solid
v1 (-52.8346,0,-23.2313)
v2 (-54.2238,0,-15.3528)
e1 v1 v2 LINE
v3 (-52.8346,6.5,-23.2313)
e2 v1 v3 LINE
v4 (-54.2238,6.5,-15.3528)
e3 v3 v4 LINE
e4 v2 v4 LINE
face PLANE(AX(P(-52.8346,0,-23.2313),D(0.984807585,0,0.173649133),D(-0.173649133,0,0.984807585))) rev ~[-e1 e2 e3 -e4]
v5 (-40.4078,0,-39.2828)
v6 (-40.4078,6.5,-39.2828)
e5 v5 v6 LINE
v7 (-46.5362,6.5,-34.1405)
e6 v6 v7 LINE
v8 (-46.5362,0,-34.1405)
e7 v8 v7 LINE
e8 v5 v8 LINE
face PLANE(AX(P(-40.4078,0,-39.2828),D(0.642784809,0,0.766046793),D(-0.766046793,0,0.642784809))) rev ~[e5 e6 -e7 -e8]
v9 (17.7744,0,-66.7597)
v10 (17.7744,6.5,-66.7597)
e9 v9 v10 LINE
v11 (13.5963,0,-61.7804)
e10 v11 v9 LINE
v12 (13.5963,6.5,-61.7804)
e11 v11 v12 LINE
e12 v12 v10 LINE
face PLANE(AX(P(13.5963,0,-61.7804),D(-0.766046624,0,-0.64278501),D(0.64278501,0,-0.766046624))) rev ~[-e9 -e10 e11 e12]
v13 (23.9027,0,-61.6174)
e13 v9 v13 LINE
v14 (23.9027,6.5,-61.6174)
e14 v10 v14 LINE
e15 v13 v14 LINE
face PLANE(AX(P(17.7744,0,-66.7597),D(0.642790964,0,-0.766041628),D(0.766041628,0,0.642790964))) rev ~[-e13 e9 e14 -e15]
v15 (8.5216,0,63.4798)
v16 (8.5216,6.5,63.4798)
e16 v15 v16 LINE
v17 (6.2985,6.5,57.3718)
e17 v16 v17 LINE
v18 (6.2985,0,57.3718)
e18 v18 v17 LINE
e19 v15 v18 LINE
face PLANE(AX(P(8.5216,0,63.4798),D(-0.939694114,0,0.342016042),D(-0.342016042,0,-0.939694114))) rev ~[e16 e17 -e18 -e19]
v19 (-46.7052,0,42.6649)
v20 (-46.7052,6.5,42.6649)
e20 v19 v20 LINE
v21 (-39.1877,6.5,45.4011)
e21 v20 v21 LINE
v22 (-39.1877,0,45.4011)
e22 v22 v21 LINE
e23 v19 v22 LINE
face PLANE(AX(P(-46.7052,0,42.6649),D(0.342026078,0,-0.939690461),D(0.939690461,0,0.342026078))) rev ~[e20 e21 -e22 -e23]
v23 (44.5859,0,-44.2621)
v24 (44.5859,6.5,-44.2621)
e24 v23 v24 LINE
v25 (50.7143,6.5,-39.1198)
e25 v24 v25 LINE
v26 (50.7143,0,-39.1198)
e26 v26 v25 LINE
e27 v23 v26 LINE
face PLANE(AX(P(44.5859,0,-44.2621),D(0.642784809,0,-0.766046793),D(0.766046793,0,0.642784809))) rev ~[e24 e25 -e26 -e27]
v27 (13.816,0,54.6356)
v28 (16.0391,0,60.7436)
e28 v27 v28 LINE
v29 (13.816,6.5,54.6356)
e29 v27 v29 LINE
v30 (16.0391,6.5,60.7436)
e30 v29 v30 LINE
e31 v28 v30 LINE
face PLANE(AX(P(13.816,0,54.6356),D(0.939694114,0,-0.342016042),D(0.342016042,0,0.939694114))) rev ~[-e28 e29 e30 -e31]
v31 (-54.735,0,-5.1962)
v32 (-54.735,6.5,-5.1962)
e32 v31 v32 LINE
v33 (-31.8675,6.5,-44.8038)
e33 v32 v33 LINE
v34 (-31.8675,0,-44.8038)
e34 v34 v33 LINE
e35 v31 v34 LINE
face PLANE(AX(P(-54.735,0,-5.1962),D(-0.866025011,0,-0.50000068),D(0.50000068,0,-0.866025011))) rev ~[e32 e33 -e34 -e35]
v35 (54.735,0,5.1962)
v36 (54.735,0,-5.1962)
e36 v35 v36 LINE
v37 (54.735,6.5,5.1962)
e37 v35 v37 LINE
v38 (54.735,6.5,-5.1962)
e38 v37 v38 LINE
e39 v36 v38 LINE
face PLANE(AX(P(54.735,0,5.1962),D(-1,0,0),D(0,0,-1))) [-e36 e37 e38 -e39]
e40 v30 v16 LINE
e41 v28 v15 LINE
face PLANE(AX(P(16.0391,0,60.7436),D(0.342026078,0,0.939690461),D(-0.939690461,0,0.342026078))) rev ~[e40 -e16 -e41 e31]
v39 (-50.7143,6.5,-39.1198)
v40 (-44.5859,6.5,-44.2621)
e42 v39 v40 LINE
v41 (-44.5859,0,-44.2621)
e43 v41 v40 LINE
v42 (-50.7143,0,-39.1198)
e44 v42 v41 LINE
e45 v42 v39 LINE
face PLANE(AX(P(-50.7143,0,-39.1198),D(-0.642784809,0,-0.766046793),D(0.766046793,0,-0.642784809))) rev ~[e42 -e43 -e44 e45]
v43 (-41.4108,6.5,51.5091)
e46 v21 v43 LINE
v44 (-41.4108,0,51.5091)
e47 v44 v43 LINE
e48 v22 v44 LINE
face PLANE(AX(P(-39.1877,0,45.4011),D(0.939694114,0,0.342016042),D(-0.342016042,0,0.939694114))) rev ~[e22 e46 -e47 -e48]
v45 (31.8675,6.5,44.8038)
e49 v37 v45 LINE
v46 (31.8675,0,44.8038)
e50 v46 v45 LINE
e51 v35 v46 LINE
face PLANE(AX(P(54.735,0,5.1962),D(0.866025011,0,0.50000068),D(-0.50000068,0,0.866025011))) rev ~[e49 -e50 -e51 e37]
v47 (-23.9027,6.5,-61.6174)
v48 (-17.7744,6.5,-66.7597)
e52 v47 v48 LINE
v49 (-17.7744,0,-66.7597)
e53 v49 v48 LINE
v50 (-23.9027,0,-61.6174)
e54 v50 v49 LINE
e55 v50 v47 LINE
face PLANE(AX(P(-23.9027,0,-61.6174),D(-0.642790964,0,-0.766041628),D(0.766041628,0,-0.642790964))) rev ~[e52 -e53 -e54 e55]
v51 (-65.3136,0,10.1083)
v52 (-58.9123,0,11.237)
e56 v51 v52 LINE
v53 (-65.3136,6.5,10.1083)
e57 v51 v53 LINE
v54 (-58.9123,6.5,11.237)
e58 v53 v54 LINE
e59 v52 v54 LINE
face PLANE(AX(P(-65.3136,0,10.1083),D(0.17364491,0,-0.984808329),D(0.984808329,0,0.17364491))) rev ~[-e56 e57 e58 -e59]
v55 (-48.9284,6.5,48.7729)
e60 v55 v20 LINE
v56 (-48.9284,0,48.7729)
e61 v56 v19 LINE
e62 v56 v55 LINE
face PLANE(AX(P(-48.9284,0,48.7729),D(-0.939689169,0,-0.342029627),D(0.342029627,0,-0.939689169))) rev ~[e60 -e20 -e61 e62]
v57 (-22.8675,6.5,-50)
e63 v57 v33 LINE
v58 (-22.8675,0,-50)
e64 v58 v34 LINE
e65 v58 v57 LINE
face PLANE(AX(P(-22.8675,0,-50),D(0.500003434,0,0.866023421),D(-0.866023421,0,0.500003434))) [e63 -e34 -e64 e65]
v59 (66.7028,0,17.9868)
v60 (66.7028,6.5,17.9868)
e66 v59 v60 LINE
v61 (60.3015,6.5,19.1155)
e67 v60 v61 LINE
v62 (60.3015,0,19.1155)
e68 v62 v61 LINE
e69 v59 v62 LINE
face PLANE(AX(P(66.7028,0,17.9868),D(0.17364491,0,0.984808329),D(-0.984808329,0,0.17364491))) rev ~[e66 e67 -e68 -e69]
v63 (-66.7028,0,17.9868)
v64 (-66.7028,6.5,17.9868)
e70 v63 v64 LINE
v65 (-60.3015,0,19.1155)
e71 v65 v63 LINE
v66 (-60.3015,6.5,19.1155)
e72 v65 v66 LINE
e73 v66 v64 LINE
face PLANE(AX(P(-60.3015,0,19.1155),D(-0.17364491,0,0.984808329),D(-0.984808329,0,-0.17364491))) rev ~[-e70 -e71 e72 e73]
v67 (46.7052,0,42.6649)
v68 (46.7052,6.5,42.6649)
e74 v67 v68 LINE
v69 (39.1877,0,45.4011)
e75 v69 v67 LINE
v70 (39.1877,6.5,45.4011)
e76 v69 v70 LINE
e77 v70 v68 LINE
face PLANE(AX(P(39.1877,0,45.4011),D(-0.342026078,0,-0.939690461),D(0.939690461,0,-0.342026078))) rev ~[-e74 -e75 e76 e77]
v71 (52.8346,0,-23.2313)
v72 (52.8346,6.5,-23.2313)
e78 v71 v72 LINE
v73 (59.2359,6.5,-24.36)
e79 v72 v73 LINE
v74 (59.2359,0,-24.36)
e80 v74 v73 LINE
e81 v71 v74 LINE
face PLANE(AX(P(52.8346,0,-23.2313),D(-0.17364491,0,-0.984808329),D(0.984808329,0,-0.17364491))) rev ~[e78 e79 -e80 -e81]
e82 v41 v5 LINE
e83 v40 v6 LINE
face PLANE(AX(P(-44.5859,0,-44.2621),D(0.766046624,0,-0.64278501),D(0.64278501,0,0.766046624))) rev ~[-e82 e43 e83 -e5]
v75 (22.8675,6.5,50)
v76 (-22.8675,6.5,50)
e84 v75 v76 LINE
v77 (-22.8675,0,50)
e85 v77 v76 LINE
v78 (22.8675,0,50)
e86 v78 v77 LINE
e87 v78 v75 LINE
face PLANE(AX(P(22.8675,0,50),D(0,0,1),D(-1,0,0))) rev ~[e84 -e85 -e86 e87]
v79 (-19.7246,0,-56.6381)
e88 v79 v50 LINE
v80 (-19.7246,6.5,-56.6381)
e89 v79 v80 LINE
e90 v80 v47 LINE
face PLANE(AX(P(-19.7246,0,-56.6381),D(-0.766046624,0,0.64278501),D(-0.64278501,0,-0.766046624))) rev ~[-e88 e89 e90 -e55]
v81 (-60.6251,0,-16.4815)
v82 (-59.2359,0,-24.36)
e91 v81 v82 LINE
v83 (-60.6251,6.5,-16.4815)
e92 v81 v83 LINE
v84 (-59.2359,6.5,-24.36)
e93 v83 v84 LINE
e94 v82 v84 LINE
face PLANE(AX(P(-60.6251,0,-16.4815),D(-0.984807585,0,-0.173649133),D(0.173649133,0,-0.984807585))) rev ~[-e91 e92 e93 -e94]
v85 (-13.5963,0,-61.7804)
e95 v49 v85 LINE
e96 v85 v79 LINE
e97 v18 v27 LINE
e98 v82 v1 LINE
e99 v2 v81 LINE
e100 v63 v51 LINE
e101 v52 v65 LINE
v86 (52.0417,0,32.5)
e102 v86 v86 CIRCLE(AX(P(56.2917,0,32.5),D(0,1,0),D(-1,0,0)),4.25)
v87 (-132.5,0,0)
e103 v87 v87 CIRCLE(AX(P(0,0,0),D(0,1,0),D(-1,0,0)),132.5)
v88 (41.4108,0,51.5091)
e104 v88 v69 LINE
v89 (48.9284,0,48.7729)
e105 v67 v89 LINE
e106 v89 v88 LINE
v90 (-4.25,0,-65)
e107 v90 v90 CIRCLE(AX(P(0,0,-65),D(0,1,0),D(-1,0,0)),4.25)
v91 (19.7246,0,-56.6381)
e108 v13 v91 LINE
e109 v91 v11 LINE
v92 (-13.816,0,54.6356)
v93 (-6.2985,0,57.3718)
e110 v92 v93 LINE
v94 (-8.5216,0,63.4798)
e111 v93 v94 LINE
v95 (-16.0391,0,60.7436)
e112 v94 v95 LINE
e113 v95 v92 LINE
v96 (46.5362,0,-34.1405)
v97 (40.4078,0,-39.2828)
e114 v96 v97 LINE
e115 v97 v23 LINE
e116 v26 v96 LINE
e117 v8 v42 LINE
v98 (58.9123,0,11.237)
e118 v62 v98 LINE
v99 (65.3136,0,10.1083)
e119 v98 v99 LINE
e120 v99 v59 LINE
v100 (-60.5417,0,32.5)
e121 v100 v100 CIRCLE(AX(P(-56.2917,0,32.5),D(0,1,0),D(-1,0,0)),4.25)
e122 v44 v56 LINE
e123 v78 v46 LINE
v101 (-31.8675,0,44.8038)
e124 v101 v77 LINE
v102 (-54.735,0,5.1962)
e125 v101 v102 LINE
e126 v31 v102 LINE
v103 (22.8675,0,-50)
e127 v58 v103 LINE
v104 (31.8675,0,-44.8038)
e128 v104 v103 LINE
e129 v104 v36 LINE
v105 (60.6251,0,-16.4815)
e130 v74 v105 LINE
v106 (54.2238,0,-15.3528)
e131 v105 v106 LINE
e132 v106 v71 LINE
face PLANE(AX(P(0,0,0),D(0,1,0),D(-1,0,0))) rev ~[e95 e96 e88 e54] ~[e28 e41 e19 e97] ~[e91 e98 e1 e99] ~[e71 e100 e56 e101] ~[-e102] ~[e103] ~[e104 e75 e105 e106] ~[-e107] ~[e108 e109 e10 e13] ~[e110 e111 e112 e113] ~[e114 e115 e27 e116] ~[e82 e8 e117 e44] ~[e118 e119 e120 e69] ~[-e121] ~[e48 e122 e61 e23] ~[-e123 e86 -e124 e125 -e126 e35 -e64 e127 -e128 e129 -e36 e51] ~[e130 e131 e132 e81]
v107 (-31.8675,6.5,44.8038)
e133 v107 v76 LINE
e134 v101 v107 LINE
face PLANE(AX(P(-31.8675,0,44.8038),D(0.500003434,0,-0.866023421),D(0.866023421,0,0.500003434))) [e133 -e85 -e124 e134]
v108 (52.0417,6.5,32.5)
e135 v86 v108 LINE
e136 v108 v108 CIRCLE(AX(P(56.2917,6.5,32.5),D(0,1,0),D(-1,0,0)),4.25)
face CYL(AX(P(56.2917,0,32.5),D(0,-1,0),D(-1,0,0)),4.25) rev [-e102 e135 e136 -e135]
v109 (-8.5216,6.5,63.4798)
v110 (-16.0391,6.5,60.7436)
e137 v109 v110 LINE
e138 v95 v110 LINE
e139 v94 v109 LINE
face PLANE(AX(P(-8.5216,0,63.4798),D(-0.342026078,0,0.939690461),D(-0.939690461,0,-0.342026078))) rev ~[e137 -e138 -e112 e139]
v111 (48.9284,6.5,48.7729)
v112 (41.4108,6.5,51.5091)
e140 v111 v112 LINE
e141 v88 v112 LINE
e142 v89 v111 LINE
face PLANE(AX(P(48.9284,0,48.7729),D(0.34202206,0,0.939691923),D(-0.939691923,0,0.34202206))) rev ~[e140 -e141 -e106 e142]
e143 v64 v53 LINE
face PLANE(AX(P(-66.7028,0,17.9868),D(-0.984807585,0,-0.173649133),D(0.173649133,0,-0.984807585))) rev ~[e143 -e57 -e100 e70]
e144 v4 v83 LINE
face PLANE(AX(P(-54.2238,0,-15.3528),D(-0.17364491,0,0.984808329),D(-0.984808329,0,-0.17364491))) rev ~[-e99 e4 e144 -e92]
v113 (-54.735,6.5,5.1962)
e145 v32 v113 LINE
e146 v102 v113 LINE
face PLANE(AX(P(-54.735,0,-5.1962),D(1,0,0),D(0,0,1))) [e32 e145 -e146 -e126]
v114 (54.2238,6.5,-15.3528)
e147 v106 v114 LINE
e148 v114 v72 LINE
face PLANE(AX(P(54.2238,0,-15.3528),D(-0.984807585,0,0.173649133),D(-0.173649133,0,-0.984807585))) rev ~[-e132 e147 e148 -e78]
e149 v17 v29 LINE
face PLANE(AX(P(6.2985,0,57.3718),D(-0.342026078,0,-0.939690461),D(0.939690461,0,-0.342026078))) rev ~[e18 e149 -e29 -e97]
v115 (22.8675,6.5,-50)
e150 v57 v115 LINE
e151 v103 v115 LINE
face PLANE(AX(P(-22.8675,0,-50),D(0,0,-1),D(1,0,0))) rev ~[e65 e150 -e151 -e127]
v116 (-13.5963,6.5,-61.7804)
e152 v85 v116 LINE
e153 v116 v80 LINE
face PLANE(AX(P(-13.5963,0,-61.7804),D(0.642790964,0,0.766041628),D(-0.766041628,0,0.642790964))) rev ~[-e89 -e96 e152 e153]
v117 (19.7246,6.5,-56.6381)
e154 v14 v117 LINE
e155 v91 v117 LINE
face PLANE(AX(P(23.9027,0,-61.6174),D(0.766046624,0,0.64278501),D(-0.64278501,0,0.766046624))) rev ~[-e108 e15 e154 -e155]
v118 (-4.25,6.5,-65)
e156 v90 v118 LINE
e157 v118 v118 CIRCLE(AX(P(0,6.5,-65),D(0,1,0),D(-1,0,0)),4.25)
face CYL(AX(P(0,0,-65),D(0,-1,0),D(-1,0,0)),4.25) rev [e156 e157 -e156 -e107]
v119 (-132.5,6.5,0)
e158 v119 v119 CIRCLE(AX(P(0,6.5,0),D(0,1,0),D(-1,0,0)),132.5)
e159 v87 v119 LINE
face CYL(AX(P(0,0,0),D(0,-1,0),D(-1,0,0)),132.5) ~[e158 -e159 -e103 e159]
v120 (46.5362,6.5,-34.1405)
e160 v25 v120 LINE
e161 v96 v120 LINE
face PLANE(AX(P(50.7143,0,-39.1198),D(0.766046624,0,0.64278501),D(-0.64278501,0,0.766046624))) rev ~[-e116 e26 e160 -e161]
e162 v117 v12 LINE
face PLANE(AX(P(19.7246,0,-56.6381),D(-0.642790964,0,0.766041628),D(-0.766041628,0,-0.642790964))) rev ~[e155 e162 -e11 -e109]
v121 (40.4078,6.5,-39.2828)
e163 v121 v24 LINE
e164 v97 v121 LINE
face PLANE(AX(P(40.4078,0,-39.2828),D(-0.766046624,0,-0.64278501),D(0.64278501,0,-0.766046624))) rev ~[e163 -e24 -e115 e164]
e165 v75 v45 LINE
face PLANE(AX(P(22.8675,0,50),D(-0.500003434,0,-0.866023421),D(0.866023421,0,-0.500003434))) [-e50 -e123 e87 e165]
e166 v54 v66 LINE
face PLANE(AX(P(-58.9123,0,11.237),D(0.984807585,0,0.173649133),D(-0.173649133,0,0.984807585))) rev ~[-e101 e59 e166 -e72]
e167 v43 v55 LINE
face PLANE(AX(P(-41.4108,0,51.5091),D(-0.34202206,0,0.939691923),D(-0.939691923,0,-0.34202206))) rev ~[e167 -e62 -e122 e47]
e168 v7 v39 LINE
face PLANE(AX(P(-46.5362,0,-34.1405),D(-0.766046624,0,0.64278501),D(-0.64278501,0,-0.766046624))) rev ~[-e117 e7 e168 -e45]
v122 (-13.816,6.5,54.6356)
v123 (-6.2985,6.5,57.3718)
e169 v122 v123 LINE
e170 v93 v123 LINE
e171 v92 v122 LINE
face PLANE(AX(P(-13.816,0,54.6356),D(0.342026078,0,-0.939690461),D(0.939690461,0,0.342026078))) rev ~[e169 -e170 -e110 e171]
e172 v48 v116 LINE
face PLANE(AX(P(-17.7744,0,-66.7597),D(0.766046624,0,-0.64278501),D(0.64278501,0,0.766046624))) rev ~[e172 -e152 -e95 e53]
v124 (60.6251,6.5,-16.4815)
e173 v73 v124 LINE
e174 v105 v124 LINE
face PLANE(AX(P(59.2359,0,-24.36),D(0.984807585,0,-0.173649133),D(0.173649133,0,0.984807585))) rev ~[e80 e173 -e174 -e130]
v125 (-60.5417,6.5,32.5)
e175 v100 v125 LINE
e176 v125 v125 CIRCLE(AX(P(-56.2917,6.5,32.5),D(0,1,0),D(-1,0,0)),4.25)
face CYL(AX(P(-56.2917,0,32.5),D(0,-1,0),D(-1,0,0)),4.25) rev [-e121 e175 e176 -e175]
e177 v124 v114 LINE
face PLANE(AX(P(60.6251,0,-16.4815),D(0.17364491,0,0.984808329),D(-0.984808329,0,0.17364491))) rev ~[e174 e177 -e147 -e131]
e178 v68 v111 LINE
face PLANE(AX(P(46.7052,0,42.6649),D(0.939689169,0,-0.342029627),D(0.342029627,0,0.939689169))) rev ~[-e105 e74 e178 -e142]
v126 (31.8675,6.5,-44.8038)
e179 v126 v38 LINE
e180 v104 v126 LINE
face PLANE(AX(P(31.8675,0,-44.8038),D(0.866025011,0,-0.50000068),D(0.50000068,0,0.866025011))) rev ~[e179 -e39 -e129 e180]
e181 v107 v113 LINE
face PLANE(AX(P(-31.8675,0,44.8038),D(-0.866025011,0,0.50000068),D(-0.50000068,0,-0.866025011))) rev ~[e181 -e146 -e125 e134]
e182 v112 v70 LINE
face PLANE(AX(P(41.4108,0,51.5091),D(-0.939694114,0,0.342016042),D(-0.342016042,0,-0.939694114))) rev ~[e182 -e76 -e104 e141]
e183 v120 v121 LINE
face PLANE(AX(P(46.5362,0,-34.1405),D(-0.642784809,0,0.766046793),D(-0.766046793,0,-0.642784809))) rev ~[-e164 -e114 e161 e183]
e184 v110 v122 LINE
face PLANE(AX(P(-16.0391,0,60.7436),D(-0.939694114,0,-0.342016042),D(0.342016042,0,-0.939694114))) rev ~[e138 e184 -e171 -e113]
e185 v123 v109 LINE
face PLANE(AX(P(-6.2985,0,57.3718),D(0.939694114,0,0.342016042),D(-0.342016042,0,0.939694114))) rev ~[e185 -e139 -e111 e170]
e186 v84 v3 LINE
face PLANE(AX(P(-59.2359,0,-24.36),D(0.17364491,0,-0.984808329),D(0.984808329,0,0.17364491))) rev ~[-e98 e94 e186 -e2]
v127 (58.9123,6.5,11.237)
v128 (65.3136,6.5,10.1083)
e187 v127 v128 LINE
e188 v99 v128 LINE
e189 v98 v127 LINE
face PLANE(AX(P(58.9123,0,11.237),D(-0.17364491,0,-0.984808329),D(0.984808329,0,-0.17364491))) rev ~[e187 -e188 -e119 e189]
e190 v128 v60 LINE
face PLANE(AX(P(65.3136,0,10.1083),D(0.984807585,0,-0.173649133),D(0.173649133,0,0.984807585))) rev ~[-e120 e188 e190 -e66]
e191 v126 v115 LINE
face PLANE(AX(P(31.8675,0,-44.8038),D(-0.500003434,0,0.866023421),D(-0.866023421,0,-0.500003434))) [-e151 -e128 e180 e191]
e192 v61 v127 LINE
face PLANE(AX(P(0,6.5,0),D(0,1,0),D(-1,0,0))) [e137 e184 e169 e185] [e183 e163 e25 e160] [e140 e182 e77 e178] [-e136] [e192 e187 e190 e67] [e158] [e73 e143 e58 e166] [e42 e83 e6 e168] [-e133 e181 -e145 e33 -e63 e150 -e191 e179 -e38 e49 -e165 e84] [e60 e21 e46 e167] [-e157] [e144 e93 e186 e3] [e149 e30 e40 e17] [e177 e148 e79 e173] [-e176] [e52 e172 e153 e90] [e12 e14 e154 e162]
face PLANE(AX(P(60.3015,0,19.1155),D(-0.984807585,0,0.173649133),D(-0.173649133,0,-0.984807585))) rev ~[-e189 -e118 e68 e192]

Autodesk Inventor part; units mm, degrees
ref_plane "YZ Plane" through (0, 0, 0) normal (1, 0, 0) x (0, 1, 0)
ref_plane "XZ Plane" through (0, 0, 0) normal (0, 1, 0) x (-1, 0, 0)
ref_plane "XY Plane" through (0, 0, 0) normal (0, 0, 1) x (1, 0, 0)
sketch "Sketch1" plane through (0, 0, 0) normal (0, 1, 0) x (-1, 0, 0)
  circle A0 centre (0, 0) radius 75 construction
  line L0 (67.7446, 23.8956) -> (61.3434, 25.0243) construction
  line L1 (61.3434, 25.0243) -> (51.7927, -29.1401) construction
  line L2 (51.7927, -29.1401) -> (58.194, -30.2688) construction
  line L3 (58.194, -30.2688) -> (67.7446, 23.8956) construction
  line L4 (55.3106, -35.2631) -> (51.1324, -30.2838) construction
  line L5 (51.1324, -30.2838) -> (9, -65.6371) construction
  line L6 (9, -65.6371) -> (13.1781, -70.6164) construction
  line L7 (13.1781, -70.6164) -> (55.3106, -35.2631) construction
  line L8 (-13.1781, -70.6164) -> (-9, -65.6371) construction
  line L9 (-9, -65.6371) -> (-51.1324, -30.2838) construction
  line L10 (-51.1324, -30.2838) -> (-55.3106, -35.2631) construction
  line L11 (-55.3106, -35.2631) -> (-13.1781, -70.6164) construction
  line L12 (-58.194, -30.2688) -> (-51.7927, -29.1401) construction
  line L13 (-51.7927, -29.1401) -> (-61.3434, 25.0243) construction
  line L14 (-61.3434, 25.0243) -> (-67.7446, 23.8956) construction
  line L15 (-67.7446, 23.8956) -> (-58.194, -30.2688) construction
  line L16 (52.3434, 40.6128) -> (54.5665, 46.7208) construction
  line L17 (54.5665, 46.7208) -> (2.8834, 65.5319) construction
  line L18 (2.8834, 65.5319) -> (0.6603, 59.4239) construction
  line L19 (0.6603, 59.4239) -> (52.3434, 40.6128) construction
  line L20 (-0.6603, 59.4239) -> (-2.8834, 65.5319) construction
  line L21 (-2.8834, 65.5319) -> (-54.5665, 46.7208) construction
  line L22 (-54.5665, 46.7208) -> (-52.3434, 40.6128) construction
  line L23 (-52.3434, 40.6128) -> (-0.6603, 59.4239) construction
  line L24 (9, -65.6371) -> (61.3434, 25.0243) construction
  line L25 (52.3434, 40.6128) -> (-52.3434, 40.6128) construction
  line L26 (-61.3434, 25.0243) -> (-9, -65.6371) construction
  arc A1 (67.7446, 23.8956) -> (54.5665, 46.7208) centre (45.8993, 26.5) ccw construction
  arc A2 (-13.1781, -70.6164) -> (13.1781, -70.6164) centre (0, -53) ccw construction
  arc A3 (-54.5665, 46.7208) -> (-67.7446, 23.8956) centre (-45.8993, 26.5) ccw construction
  circle A4 centre (56.2917, 32.5) radius 4.25
  circle A5 centre (0, 0) radius 132.5
  line L27 (-22.8675, 50) -> (22.8675, 50)
  line L28 (31.8675, 44.8038) -> (54.735, 5.1962)
  line L29 (54.735, -5.1962) -> (31.8675, -44.8038)
  line L30 (22.8675, -50) -> (-22.8675, -50)
  line L31 (-31.8675, -44.8038) -> (-54.735, -5.1962)
  line L32 (-54.735, 5.1962) -> (-31.8675, 44.8038)
  line L33 (54.735, -5.1962) -> (54.735, 5.1962)
  line L34 (31.8675, 44.8038) -> (22.8675, 50)
  line L35 (-22.8675, 50) -> (-31.8675, 44.8038)
  line L36 (-54.735, 5.1962) -> (-54.735, -5.1962)
  line L37 (-31.8675, -44.8038) -> (-22.8675, -50)
  line L38 (22.8675, -50) -> (31.8675, -44.8038)
  line L39 (45.8993, 26.5) -> (0, 0) construction
  line L40 (0, 0) -> (0, -53) construction
  line L41 (0, 0) -> (-45.8993, 26.5) construction
  circle A6 centre (0, -65) radius 4.25
  circle A7 centre (-56.2917, 32.5) radius 4.25
  line L42 (-60.3015, 19.1155) -> (-58.9123, 11.237)
  line L43 (-58.9123, 11.237) -> (-65.3136, 10.1083)
  line L44 (-65.3136, 10.1083) -> (-66.7028, 17.9868)
  line L45 (-66.7028, 17.9868) -> (-60.3015, 19.1155)
  line L46 (-19.7246, -56.6381) -> (-13.5963, -61.7804)
  line L47 (-13.5963, -61.7804) -> (-17.7744, -66.7597)
  line L48 (-17.7744, -66.7597) -> (-23.9027, -61.6174)
  line L49 (-23.9027, -61.6174) -> (-19.7246, -56.6381)
  line L50 (50.7143, -39.1198) -> (44.5859, -44.2621)
  line L51 (44.5859, -44.2621) -> (40.4078, -39.2828)
  line L52 (40.4078, -39.2828) -> (46.5362, -34.1405)
  line L53 (46.5362, -34.1405) -> (50.7143, -39.1198)
  line L54 (-46.5362, -34.1405) -> (-40.4078, -39.2828)
  line L55 (-40.4078, -39.2828) -> (-44.5859, -44.2621)
  line L56 (-44.5859, -44.2621) -> (-50.7143, -39.1198)
  line L57 (-50.7143, -39.1198) -> (-46.5362, -34.1405)
  line L58 (-54.2238, -15.3528) -> (-52.8346, -23.2313)
  line L59 (-52.8346, -23.2313) -> (-59.2359, -24.36)
  line L60 (-59.2359, -24.36) -> (-60.6251, -16.4815)
  line L61 (-60.6251, -16.4815) -> (-54.2238, -15.3528)
  line L62 (-16.0391, 60.7436) -> (-8.5216, 63.4798)
  line L63 (-8.5216, 63.4798) -> (-6.2985, 57.3718)
  line L64 (-6.2985, 57.3718) -> (-13.816, 54.6356)
  line L65 (-13.816, 54.6356) -> (-16.0391, 60.7436)
  line L66 (-48.9284, 48.7729) -> (-41.4108, 51.5091)
  line L67 (-41.4108, 51.5091) -> (-39.1877, 45.4011)
  line L68 (-39.1877, 45.4011) -> (-46.7052, 42.6649)
  line L69 (-46.7052, 42.6649) -> (-48.9284, 48.7729)
  line L70 (8.5216, 63.4798) -> (16.0391, 60.7436)
  line L71 (16.0391, 60.7436) -> (13.816, 54.6356)
  line L72 (13.816, 54.6356) -> (6.2985, 57.3718)
  line L73 (6.2985, 57.3718) -> (8.5216, 63.4798)
  line L74 (41.4108, 51.5091) -> (48.9284, 48.7729)
  line L75 (48.9284, 48.7729) -> (46.7052, 42.6649)
  line L76 (46.7052, 42.6649) -> (39.1877, 45.4011)
  line L77 (39.1877, 45.4011) -> (41.4108, 51.5091)
  line L78 (66.7028, 17.9868) -> (65.3136, 10.1083)
  line L79 (65.3136, 10.1083) -> (58.9123, 11.237)
  line L80 (58.9123, 11.237) -> (60.3015, 19.1155)
  line L81 (60.3015, 19.1155) -> (66.7028, 17.9868)
  line L82 (60.6251, -16.4815) -> (59.2359, -24.36)
  line L83 (59.2359, -24.36) -> (52.8346, -23.2313)
  line L84 (52.8346, -23.2313) -> (54.2238, -15.3528)
  line L85 (54.2238, -15.3528) -> (60.6251, -16.4815)
  line L86 (23.9027, -61.6174) -> (17.7744, -66.7597)
  line L87 (17.7744, -66.7597) -> (13.5963, -61.7804)
  line L88 (13.5963, -61.7804) -> (19.7246, -56.6381)
  line L89 (19.7246, -56.6381) -> (23.9027, -61.6174)
  circle A8 centre (56.2917, 32.5) radius 14 construction
  circle A9 centre (-56.2917, 32.5) radius 14 construction
  circle A10 centre (0, -65) radius 14 construction
  point P0 (-28.8675, 50)
  point P1 (28.8675, 50)
  point P2 (57.735, 0)
  point P3 (28.8675, -50)
  point P4 (-28.8675, -50)
  point P5 (-57.735, 0)
  dimension "d0" = 150
  dimension "d8" = 6.5
  dimension "d9" = 18
  dimension "d10" = 18
  dimension "d11" = 18
  dimension "d13" = 60
  dimension "d14" = 20
  dimension "d15" = 20
  dimension "d16" = 20
  dimension "d17" = 20
  dimension "d18" = 20
  dimension "d19" = 20
  dimension "d21" = 60
  dimension "d23" = 22
  dimension "d24" = 8.5
  dimension "d25" = 265
  dimension "d26" = 55
  dimension "d27" = 6
  dimension "d28" = 6
  dimension "d29" = 6
  dimension "d30" = 6
  dimension "d31" = 6
  dimension "d32" = 6
  dimension "d33" = 6
  dimension "d34" = 6
  dimension "d35" = 6
  dimension "d36" = 6
  dimension "d37" = 6
  dimension "d38" = 6
  dimension "d39" = 65
  dimension "d40" = 50
  dimension "d41" = 65
  dimension "d42" = 65
  dimension "d43" = 6.5
  dimension "d44" = 8
  dimension "d45" = 6
  dimension "d46" = 6
  dimension "d47" = 6
  dimension "d48" = 6
  dimension "d49" = 6
  dimension "d50" = 6
  dimension "d51" = 6
  dimension "d52" = 6
  dimension "d53" = 6
  dimension "d54" = 6
  dimension "d55" = 6
  dimension "d56" = 6
  dimension "d62" = 28
extrude "Extrusion1" add sketch "Sketch1" along normal blind 6.5
equation "\"d15\" = d14"
equation "\"d16\" = d15"
equation "\"d17\" = d15"
equation "\"d18\" = d15"
equation "\"d19\" = d15"
equation "\"d28\" = d27"
equation "\"d29\" = d27"
equation "\"d30\" = d29"
equation "\"d31\" = d27"
equation "\"d32\" = d31"
equation "\"d33\" = d27"
equation "\"d34\" = d33"
equation "\"d35\" = d27"
equation "\"d36\" = d35"
equation "\"d37\" = d27"
equation "\"d38\" = d37"
properties part number "spool_b" material "Plywood, Finish"
